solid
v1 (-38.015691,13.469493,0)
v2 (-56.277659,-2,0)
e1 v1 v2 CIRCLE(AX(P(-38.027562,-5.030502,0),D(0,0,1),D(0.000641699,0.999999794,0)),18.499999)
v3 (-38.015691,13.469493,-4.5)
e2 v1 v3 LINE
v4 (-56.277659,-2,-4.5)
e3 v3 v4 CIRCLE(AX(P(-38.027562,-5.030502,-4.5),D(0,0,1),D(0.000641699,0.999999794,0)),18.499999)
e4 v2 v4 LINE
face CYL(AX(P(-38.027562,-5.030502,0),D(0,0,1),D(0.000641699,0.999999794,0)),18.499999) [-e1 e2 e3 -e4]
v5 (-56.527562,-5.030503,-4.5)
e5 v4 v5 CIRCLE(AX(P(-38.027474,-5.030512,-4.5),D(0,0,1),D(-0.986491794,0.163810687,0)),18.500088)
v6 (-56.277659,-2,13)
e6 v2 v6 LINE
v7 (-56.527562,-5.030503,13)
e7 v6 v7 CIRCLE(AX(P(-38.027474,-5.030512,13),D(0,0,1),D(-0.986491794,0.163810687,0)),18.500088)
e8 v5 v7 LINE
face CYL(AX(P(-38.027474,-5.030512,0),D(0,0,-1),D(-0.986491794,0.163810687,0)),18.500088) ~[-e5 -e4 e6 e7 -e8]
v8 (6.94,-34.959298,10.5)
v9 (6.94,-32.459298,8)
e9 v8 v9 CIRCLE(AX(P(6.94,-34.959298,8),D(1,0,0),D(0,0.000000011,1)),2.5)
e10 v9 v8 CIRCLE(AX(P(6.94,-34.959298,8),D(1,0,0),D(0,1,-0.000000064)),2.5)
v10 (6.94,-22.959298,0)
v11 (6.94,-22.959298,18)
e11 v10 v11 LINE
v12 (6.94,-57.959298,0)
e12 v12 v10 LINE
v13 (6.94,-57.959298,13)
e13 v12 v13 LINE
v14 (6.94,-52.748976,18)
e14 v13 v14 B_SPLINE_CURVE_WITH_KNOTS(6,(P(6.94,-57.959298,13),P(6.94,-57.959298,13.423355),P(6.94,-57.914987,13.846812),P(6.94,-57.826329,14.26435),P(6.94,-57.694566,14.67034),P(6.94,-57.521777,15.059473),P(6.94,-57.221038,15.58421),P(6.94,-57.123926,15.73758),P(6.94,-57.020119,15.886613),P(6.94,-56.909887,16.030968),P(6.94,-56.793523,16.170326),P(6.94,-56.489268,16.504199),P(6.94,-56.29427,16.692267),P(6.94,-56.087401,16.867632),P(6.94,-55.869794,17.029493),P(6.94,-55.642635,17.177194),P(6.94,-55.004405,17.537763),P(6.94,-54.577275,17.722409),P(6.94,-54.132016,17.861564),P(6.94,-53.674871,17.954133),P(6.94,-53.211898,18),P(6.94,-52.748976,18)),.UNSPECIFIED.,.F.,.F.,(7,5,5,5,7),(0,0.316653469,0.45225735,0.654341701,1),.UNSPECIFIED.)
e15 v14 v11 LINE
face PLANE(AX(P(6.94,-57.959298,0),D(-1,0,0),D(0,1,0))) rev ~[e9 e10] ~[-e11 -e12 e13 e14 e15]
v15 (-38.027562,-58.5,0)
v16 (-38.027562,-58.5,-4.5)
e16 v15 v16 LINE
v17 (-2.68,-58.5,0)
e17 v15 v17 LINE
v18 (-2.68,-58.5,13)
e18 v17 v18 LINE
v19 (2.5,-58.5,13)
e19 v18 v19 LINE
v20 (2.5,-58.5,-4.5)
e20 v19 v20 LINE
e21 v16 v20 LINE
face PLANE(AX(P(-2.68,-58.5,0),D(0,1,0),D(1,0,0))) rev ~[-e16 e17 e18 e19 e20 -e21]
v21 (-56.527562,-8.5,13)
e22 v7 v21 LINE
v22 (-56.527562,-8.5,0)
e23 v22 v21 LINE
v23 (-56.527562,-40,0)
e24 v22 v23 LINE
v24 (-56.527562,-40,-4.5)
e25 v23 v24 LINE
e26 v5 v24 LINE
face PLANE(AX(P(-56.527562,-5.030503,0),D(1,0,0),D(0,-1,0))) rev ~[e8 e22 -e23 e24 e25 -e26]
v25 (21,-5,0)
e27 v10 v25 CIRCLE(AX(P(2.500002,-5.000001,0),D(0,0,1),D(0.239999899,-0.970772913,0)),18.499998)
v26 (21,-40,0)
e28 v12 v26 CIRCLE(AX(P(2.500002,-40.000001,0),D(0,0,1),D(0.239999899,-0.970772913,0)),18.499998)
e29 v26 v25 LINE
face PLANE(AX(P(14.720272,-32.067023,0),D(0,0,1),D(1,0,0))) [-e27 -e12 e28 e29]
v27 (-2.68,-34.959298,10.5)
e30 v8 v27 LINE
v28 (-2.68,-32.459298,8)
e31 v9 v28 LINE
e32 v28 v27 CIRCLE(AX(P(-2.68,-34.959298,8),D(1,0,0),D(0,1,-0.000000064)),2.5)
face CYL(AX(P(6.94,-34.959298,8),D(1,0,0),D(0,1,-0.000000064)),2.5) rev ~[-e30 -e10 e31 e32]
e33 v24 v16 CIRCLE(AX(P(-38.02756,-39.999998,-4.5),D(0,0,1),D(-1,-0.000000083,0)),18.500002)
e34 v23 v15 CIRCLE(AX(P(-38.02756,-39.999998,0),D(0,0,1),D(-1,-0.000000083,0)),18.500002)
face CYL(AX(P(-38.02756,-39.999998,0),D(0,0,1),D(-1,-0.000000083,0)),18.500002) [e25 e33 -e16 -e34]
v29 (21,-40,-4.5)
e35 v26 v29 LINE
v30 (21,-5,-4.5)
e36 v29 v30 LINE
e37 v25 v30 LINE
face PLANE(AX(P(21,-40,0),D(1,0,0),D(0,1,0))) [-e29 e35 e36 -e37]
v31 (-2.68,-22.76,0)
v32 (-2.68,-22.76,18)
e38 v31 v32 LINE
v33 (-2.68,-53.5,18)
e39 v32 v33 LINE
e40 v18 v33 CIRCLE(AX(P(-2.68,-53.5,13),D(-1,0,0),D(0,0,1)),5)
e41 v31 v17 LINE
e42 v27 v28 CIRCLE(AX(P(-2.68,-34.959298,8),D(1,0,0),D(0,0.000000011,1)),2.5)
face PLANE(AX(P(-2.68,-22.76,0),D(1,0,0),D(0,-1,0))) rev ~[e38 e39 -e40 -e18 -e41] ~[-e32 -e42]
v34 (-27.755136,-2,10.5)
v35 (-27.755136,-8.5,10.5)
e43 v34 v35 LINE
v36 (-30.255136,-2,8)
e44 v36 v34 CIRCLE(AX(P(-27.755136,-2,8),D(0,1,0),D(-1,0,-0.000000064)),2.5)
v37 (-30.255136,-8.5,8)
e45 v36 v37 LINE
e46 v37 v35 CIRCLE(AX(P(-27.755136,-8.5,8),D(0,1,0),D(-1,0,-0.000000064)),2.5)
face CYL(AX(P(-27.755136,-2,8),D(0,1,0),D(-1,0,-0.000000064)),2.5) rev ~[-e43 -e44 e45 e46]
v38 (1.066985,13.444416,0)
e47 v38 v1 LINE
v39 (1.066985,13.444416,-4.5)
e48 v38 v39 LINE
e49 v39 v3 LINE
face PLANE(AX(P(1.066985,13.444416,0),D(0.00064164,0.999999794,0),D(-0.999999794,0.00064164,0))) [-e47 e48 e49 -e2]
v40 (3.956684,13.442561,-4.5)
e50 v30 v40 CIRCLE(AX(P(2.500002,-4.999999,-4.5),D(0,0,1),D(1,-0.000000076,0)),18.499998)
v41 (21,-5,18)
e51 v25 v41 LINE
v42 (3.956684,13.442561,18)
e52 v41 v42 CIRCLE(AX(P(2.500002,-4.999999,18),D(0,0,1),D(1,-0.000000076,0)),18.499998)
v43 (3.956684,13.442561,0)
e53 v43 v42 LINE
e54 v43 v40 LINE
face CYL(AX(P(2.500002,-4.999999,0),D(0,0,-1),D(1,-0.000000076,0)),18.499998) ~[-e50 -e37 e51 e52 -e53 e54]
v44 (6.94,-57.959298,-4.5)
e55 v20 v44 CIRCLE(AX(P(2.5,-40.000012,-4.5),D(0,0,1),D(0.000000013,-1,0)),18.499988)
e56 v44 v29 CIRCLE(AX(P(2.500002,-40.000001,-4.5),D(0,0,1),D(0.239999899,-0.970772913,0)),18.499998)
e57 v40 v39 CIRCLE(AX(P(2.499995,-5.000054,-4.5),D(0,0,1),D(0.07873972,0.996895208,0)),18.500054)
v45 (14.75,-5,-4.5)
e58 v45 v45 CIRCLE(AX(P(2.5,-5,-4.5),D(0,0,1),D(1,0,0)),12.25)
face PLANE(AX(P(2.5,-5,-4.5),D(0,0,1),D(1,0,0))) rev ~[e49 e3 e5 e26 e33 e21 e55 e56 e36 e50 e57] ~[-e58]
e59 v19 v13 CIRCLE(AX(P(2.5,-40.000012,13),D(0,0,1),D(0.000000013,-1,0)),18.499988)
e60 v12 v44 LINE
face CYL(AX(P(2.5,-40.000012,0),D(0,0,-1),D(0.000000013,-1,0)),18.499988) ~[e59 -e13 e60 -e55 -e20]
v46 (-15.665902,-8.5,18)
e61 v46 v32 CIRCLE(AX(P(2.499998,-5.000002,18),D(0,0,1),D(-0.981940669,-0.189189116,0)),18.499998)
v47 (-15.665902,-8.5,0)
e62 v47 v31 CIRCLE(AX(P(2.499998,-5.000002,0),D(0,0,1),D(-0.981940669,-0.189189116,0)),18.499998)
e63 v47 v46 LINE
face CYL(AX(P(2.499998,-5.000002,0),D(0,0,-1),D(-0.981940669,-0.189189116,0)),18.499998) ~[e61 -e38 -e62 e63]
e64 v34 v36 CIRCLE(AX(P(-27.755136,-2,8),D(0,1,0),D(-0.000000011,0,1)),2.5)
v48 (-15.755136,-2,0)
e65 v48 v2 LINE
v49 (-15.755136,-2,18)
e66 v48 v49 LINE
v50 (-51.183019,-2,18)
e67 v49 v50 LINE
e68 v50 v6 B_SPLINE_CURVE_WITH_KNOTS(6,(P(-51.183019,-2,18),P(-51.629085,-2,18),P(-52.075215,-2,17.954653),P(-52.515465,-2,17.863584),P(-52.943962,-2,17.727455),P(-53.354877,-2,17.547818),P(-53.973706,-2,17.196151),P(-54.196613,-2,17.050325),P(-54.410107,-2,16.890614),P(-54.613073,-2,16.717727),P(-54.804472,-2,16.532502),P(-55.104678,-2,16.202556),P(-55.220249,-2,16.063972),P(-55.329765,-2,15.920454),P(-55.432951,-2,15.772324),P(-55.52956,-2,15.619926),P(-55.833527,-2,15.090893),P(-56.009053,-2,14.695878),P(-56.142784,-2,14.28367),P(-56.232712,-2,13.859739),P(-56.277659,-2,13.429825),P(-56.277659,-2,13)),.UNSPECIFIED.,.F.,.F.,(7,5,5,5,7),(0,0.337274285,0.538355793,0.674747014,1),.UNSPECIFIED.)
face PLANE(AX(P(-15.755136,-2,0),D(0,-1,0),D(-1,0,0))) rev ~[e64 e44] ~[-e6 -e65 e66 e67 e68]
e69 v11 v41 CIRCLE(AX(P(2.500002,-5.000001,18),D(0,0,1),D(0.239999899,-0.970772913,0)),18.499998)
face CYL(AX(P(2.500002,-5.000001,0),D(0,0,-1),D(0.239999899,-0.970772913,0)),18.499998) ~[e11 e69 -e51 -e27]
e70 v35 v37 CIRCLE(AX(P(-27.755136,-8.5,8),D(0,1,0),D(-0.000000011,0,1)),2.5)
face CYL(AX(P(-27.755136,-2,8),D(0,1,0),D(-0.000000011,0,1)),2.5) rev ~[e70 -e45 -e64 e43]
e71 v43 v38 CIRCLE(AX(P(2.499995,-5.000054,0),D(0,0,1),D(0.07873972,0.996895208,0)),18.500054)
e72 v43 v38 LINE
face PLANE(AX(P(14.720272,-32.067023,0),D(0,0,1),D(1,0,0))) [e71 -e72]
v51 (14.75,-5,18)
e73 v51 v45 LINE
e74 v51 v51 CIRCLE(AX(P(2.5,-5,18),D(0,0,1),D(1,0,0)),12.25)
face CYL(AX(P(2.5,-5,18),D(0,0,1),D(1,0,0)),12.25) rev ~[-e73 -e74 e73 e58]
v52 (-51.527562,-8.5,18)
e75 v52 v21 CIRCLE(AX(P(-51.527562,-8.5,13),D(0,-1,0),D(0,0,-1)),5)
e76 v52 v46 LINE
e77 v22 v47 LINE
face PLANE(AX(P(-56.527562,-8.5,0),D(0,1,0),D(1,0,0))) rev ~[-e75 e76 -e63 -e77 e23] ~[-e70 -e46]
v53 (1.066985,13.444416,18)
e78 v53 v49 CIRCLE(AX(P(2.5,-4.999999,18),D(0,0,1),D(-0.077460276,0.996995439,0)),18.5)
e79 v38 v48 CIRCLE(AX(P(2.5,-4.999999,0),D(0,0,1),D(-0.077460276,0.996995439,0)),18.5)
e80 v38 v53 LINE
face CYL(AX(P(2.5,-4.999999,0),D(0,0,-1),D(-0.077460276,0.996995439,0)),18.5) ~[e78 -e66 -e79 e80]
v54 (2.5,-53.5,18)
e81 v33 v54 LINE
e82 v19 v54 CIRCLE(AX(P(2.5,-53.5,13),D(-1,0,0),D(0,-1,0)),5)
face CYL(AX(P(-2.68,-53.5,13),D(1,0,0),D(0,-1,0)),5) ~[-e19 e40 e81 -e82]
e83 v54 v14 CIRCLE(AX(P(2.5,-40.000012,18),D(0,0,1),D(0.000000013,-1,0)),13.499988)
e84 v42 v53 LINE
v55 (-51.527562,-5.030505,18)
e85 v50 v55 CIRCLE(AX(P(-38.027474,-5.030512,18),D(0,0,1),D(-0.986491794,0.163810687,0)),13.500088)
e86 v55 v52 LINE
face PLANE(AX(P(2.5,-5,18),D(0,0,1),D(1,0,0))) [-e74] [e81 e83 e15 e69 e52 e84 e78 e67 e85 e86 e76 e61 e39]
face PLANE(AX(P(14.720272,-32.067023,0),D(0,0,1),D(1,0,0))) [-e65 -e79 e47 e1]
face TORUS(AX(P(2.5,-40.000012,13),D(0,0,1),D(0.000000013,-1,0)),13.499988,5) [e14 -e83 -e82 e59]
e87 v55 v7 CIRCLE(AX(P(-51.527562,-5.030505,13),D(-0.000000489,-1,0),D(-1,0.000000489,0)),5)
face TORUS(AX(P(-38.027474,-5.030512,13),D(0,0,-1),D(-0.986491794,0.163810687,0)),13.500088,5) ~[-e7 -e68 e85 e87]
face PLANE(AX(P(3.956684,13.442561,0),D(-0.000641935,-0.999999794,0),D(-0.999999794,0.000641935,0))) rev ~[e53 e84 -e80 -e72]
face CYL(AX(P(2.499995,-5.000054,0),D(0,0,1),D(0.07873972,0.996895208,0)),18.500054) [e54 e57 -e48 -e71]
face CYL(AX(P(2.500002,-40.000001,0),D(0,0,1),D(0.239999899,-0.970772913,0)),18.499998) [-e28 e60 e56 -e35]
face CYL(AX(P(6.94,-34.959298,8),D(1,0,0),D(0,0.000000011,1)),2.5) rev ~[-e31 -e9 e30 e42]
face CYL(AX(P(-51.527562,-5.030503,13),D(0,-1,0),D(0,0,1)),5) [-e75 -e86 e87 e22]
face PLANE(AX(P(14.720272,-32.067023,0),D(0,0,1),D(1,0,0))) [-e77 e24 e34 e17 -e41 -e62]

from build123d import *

# Parameters (mm, degrees)
F0_R     = 13.35
F1_DEPTH = 4.5
F2_DEPTH = 18
F5_DEPTH = 63.468562
F6_DEPTH = 56.501
F7_R     = 5
F8_R     = 13.35
F8_R_2   = 12.25
F9_DEPTH = 22.5


with BuildPart() as f1:
    # F0 (on Top) → F1 (new body)
    with BuildSketch(Plane.XY):
        with BuildLine():
            ThreePointArc((6.94, -57.959298), (17.066915, -51.404166), (21, -40))
            Line((21, -40), (21, -5))
            ThreePointArc((21, -5), (17.066915, -16.404166), (6.94, -22.959298))
            Line((6.94, -22.959298), (6.94, -57.959298))
        make_face()
        with Locations((2.5, -5)):
            Circle(F0_R)
        with BuildLine():
            ThreePointArc((6.94, -22.959298), (17.066915, -16.404166), (21, -5))
            ThreePointArc((21, -5), (16.086734, 7.555902), (3.956684, 13.442561))
            Line((3.956684, 13.442561), (1.066985, 13.444416))
            ThreePointArc((1.066985, 13.444416), (-10.011528, 8.627607), (-15.755136, -2))
            ThreePointArc((-15.755136, -2), (-15.998257, -5.25395), (-15.665902, -8.5))
            ThreePointArc((-15.665902, -8.5), (-11.178256, -17.456136), (-2.68, -22.76))
            ThreePointArc((-2.68, -22.76), (2.116816, -23.496031), (6.94, -22.959298))
        make_face()
        with Locations((2.5, -5)):
            Circle(F0_R, mode=Mode.SUBTRACT)
        with BuildLine():
            ThreePointArc((2.5, -58.5), (4.736401, -58.364327), (6.94, -57.959298))
            Line((6.94, -57.959298), (6.94, -22.959298))
            ThreePointArc((6.94, -22.959298), (2.116816, -23.496031), (-2.68, -22.76))
            Line((-2.68, -22.76), (-2.68, -58.5))
            Line((-2.68, -58.5), (2.5, -58.5))
        make_face()
        with BuildLine():
            Line((1.066985, 13.444416), (3.956684, 13.442561))
            ThreePointArc((3.956684, 13.442561), (2.511871, 13.499996), (1.066985, 13.444416))
        make_face()
        with BuildLine():
            ThreePointArc((-15.755136, -2), (-10.011528, 8.627607), (1.066985, 13.444416))
            Line((1.066985, 13.444416), (-38.015691, 13.469493))
            ThreePointArc((-38.015691, 13.469493), (-49.985176, 9.085639), (-56.277659, -2))
            Line((-56.277659, -2), (-15.755136, -2))
        make_face()
        with BuildLine():
            Line((-2.68, -58.5), (-2.68, -22.76))
            ThreePointArc((-2.68, -22.76), (-11.178256, -17.456136), (-15.665902, -8.5))
            Line((-15.665902, -8.5), (-56.527562, -8.5))
            Line((-56.527562, -8.5), (-56.527562, -40))
            ThreePointArc((-56.527562, -40), (-51.109037, -53.081475), (-38.027562, -58.5))
            Line((-38.027562, -58.5), (-2.68, -58.5))
        make_face()
        with BuildLine():
            ThreePointArc((-15.665902, -8.5), (-15.998257, -5.25395), (-15.755136, -2))
            Line((-15.755136, -2), (-56.277659, -2))
            ThreePointArc((-56.277659, -2), (-56.46498, -3.510108), (-56.527562, -5.030503))
            Line((-56.527562, -5.030503), (-56.527562, -8.5))
            Line((-56.527562, -8.5), (-15.665902, -8.5))
        make_face()
    extrude(amount=-F1_DEPTH)

    # F0 (on Top) → F2 (join)
    with BuildSketch(Plane.XY):
        with BuildLine():
            ThreePointArc((2.5, -58.5), (4.736401, -58.364327), (6.94, -57.959298))
            Line((6.94, -57.959298), (6.94, -22.959298))
            ThreePointArc((6.94, -22.959298), (2.116816, -23.496031), (-2.68, -22.76))
            Line((-2.68, -22.76), (-2.68, -58.5))
            Line((-2.68, -58.5), (2.5, -58.5))
        make_face()
        with BuildLine():
            ThreePointArc((6.94, -22.959298), (17.066915, -16.404166), (21, -5))
            ThreePointArc((21, -5), (16.086734, 7.555902), (3.956684, 13.442561))
            Line((3.956684, 13.442561), (1.066985, 13.444416))
            ThreePointArc((1.066985, 13.444416), (-10.011528, 8.627607), (-15.755136, -2))
            ThreePointArc((-15.755136, -2), (-15.998257, -5.25395), (-15.665902, -8.5))
            ThreePointArc((-15.665902, -8.5), (-11.178256, -17.456136), (-2.68, -22.76))
            ThreePointArc((-2.68, -22.76), (2.116816, -23.496031), (6.94, -22.959298))
        make_face()
        with Locations((2.5, -5)):
            Circle(F0_R, mode=Mode.SUBTRACT)
        with BuildLine():
            ThreePointArc((-15.665902, -8.5), (-15.998257, -5.25395), (-15.755136, -2))
            Line((-15.755136, -2), (-56.277659, -2))
            ThreePointArc((-56.277659, -2), (-56.46498, -3.510108), (-56.527562, -5.030503))
            Line((-56.527562, -5.030503), (-56.527562, -8.5))
            Line((-56.527562, -8.5), (-15.665902, -8.5))
        make_face()
    extrude(amount=F2_DEPTH)

    # F3 (on face) → F5 (cut, through all)
    with BuildSketch(Plane.YZ.offset(6.94)):
        with BuildLine():
            ThreePointArc((-32.459298, 8), (-33.191531, 9.767767), (-34.959298, 10.5))
            ThreePointArc((-34.959298, 10.5), (-36.727065, 6.232233), (-32.459298, 8))
        make_face()
    extrude(amount=-F5_DEPTH, mode=Mode.SUBTRACT)

    # F4 (on face) → F6 (cut, through all)
    with BuildSketch(Plane(origin=(0, -2, 0), x_dir=(-1, 0, 0), z_dir=(0, 1, 0))):
        with BuildLine():
            ThreePointArc((30.255136, 8), (29.522903, 9.767767), (27.755136, 10.5))
            ThreePointArc((27.755136, 10.5), (25.987369, 6.232233), (30.255136, 8))
        make_face()
    extrude(amount=-F6_DEPTH, mode=Mode.SUBTRACT)

    # F7
    f7_edges = [f1.edges().sort_by_distance(p)[0] for p in [
        (-56.527562, -6.765252, 18),
        (-0.09, -58.5, 18),
        (4.736401, -58.364327, 18),
    ]]
    fillet(f7_edges, radius=F7_R)

    # F8 (on face) → F9 (join, through all)
    with BuildSketch(Plane.XY.offset(18)):
        with Locations((2.5, -5)):
            Circle(F8_R)
        with Locations((2.5, -5)):
            Circle(F8_R_2, mode=Mode.SUBTRACT)
    extrude(amount=-F9_DEPTH)


solid = f1.part
